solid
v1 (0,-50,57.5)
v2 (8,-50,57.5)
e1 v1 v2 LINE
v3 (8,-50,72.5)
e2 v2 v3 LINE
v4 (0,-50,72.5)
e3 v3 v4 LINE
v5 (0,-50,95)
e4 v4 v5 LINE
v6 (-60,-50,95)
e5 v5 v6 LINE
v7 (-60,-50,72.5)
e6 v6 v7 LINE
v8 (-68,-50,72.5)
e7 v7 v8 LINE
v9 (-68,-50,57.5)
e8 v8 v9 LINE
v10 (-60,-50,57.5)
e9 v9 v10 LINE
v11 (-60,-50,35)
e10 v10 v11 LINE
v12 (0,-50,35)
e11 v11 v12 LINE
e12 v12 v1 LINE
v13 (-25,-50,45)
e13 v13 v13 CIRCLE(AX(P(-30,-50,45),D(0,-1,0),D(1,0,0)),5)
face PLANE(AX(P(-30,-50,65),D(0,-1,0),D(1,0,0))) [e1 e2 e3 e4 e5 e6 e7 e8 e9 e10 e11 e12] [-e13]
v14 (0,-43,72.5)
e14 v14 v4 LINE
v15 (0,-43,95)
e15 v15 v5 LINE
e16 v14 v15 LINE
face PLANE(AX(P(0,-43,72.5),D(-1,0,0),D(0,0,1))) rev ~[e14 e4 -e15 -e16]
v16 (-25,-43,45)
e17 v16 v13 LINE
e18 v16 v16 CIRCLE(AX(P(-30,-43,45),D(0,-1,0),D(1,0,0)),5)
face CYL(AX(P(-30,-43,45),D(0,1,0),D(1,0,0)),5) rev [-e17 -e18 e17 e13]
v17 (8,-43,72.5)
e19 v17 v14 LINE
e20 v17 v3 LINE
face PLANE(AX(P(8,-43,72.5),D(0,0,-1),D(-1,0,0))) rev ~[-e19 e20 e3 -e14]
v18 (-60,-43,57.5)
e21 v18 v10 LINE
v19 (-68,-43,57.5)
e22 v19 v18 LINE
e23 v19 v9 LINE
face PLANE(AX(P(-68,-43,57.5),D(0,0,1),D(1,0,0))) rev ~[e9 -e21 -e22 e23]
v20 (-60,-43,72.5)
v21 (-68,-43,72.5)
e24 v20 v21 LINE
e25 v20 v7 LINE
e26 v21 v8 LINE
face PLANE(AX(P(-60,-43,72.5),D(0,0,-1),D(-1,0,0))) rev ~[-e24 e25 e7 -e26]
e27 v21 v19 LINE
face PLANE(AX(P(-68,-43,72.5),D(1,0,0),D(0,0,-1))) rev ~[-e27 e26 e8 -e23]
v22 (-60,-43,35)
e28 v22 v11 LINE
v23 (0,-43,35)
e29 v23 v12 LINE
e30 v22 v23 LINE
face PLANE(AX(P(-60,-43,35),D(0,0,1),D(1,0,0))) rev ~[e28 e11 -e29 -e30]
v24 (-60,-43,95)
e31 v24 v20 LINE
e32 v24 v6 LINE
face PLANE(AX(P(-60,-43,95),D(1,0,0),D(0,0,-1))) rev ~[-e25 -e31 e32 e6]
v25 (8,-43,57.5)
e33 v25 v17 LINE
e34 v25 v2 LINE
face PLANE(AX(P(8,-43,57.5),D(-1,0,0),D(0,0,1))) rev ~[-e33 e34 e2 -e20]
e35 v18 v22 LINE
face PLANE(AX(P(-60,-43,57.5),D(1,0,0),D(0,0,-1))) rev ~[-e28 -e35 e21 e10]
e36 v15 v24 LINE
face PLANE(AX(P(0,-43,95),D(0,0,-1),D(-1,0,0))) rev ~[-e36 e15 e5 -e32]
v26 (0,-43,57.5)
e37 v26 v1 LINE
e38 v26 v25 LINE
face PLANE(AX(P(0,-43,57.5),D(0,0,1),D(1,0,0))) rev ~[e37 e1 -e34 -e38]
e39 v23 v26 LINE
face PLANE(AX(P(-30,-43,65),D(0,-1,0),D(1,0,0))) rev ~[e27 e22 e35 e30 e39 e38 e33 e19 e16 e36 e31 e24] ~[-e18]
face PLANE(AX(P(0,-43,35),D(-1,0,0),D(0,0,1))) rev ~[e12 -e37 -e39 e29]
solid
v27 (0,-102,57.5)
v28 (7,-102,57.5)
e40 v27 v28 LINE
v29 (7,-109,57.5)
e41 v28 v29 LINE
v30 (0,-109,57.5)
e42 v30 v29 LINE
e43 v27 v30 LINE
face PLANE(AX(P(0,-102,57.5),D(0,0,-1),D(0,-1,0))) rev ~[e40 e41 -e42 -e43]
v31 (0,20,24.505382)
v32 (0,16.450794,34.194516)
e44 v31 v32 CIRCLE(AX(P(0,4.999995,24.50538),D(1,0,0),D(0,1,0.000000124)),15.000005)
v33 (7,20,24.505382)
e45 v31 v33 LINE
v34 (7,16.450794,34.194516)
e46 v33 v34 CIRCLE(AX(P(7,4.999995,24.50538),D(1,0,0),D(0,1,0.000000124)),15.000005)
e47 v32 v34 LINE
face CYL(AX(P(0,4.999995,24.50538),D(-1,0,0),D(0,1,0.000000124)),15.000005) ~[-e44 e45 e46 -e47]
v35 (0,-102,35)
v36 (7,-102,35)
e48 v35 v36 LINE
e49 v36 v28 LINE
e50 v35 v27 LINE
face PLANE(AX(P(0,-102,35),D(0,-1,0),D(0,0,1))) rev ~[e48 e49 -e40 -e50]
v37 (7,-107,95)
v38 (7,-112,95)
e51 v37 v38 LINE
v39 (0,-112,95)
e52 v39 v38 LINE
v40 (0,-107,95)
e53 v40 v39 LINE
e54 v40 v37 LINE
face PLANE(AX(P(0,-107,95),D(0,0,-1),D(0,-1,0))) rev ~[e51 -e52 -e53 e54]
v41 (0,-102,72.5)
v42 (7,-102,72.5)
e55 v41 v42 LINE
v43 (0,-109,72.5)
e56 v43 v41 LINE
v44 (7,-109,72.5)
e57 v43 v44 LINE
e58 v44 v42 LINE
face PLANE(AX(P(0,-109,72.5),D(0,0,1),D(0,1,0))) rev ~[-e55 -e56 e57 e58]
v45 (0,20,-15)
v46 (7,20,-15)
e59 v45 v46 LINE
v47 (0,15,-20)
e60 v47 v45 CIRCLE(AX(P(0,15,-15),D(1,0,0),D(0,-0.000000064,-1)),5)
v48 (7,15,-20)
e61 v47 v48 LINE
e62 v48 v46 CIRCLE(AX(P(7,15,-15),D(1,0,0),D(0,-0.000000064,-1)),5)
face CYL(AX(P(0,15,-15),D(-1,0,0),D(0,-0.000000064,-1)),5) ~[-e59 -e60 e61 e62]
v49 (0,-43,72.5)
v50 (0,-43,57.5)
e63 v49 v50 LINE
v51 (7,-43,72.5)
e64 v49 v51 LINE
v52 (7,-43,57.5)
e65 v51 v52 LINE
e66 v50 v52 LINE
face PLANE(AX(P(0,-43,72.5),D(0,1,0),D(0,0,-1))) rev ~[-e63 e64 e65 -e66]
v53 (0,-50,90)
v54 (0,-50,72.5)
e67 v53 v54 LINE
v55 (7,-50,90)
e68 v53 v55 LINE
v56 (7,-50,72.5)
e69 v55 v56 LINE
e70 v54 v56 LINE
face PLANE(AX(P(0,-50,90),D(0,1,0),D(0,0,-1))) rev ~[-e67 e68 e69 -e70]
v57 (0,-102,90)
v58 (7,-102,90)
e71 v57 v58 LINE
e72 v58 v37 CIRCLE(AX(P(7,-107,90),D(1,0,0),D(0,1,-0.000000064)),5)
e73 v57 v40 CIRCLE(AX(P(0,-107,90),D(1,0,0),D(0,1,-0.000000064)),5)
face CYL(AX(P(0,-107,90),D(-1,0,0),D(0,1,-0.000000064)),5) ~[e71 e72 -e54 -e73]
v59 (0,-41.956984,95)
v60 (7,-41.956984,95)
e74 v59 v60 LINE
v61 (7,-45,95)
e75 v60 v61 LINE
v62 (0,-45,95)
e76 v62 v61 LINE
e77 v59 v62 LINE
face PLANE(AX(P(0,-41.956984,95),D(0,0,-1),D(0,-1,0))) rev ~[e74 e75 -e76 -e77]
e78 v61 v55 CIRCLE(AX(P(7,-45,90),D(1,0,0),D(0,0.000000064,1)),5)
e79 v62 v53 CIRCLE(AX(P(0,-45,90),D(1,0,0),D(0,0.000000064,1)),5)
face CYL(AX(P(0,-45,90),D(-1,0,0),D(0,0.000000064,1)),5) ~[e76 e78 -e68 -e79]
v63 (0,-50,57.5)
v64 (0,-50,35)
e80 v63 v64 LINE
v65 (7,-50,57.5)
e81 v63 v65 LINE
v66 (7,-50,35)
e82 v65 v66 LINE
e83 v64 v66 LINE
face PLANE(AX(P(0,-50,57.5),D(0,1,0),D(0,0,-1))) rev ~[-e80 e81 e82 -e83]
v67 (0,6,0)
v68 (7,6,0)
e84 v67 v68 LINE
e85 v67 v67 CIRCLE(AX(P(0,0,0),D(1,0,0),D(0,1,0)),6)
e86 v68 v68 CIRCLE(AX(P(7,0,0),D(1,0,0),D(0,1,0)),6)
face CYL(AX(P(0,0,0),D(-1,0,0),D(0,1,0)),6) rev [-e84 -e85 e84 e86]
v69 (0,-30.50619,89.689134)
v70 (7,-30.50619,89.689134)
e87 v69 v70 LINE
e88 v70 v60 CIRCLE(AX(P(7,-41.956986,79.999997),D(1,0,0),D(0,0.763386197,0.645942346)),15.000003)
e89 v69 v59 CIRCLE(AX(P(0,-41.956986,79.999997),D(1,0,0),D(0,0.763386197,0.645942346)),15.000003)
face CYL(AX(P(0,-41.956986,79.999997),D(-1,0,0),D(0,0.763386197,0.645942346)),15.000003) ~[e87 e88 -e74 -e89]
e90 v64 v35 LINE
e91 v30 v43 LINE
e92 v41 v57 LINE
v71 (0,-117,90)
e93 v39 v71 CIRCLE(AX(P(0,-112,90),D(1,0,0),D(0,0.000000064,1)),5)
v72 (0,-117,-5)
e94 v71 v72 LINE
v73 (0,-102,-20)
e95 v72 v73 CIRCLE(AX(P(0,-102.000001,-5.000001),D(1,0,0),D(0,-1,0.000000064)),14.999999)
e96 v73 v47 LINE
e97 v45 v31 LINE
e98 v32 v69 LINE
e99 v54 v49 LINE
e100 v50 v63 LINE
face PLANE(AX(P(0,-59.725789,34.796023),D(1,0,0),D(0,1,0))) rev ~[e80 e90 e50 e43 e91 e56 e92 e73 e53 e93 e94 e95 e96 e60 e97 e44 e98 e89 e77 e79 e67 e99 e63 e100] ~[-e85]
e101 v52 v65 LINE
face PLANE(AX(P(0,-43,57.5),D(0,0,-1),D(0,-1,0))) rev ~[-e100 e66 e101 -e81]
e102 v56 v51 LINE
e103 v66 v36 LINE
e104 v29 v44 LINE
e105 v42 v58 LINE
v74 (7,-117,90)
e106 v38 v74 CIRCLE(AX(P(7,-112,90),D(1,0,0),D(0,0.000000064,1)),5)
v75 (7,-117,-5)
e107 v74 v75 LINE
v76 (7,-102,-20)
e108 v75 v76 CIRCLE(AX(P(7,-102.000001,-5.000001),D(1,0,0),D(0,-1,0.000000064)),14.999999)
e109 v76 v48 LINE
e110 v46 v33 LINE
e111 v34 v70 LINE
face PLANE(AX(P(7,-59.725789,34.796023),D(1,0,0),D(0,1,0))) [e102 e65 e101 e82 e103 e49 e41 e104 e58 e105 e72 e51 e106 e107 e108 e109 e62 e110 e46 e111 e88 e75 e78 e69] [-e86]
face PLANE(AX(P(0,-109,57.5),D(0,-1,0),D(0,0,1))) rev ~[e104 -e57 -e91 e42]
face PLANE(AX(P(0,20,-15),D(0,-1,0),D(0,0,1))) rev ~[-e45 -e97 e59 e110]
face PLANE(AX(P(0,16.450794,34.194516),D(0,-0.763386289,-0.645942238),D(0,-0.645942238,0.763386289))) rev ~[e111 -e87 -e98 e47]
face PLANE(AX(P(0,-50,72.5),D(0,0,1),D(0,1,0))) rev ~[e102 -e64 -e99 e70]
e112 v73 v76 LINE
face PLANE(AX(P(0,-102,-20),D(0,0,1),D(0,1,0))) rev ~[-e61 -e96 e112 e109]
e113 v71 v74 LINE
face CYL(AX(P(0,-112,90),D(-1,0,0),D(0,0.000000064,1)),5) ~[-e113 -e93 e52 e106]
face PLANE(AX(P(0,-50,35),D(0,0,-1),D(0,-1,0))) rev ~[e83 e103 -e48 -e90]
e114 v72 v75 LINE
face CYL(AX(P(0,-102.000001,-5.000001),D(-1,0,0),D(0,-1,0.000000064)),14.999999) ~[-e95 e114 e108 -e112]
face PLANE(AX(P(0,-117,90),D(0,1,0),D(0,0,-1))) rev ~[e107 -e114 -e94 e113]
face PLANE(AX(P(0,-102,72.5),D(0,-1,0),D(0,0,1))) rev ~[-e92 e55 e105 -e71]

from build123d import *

# Parameters (mm, degrees)
F0_R     = 6
F1_DEPTH = 7
F2_R     = 5
F3_DEPTH = 7


with BuildPart() as f1:
    # F0 (on Right) → F1 (new body)
    with BuildSketch(Plane.YZ):
        with BuildLine():
            Line((-102, -20), (15, -20))
            ThreePointArc((15, -20), (18.535534, -18.535534), (20, -15))
            Line((20, -15), (20, 24.505382))
            ThreePointArc((20, 24.505382), (19.084777, 29.664747), (16.450794, 34.194516))
            Line((16.450794, 34.194516), (-30.50619, 89.689134))
            ThreePointArc((-30.50619, 89.689134), (-35.645764, 93.607663), (-41.956984, 95))
            Line((-41.956984, 95), (-45, 95))
            ThreePointArc((-45, 95), (-48.535534, 93.535534), (-50, 90))
            Line((-50, 90), (-50, 72.5))
            Line((-50, 72.5), (-43, 72.5))
            Line((-43, 72.5), (-43, 57.5))
            Line((-43, 57.5), (-50, 57.5))
            Line((-50, 57.5), (-50, 35))
            Line((-50, 35), (-102, 35))
            Line((-102, 35), (-102, 57.5))
            Line((-102, 57.5), (-109, 57.5))
            Line((-109, 57.5), (-109, 72.5))
            Line((-109, 72.5), (-102, 72.5))
            Line((-102, 72.5), (-102, 90))
            ThreePointArc((-102, 90), (-103.464466, 93.535534), (-107, 95))
            Line((-107, 95), (-112, 95))
            ThreePointArc((-112, 95), (-115.535534, 93.535534), (-117, 90))
            Line((-117, 90), (-117, -5))
            ThreePointArc((-117, -5), (-112.606602, -15.606602), (-102, -20))
        make_face()
        Circle(F0_R, mode=Mode.SUBTRACT)
    extrude(amount=F1_DEPTH)


with BuildPart() as f3:
    # F2 (on face) → F3 (new body)
    with BuildSketch(Plane.XZ.offset(43)):
        Polygon((8, 57.5), (8, 72.5), (0, 72.5), (0, 95), (-60, 95), (-60, 72.5), (-68, 72.5), (-68, 57.5), (-60, 57.5), (-60, 35), (0, 35), (0, 57.5), align=None)
        with Locations((-30, 45)):
            Circle(F2_R, mode=Mode.SUBTRACT)
    extrude(amount=F3_DEPTH)


solid = Compound([f1.part, f3.part])
